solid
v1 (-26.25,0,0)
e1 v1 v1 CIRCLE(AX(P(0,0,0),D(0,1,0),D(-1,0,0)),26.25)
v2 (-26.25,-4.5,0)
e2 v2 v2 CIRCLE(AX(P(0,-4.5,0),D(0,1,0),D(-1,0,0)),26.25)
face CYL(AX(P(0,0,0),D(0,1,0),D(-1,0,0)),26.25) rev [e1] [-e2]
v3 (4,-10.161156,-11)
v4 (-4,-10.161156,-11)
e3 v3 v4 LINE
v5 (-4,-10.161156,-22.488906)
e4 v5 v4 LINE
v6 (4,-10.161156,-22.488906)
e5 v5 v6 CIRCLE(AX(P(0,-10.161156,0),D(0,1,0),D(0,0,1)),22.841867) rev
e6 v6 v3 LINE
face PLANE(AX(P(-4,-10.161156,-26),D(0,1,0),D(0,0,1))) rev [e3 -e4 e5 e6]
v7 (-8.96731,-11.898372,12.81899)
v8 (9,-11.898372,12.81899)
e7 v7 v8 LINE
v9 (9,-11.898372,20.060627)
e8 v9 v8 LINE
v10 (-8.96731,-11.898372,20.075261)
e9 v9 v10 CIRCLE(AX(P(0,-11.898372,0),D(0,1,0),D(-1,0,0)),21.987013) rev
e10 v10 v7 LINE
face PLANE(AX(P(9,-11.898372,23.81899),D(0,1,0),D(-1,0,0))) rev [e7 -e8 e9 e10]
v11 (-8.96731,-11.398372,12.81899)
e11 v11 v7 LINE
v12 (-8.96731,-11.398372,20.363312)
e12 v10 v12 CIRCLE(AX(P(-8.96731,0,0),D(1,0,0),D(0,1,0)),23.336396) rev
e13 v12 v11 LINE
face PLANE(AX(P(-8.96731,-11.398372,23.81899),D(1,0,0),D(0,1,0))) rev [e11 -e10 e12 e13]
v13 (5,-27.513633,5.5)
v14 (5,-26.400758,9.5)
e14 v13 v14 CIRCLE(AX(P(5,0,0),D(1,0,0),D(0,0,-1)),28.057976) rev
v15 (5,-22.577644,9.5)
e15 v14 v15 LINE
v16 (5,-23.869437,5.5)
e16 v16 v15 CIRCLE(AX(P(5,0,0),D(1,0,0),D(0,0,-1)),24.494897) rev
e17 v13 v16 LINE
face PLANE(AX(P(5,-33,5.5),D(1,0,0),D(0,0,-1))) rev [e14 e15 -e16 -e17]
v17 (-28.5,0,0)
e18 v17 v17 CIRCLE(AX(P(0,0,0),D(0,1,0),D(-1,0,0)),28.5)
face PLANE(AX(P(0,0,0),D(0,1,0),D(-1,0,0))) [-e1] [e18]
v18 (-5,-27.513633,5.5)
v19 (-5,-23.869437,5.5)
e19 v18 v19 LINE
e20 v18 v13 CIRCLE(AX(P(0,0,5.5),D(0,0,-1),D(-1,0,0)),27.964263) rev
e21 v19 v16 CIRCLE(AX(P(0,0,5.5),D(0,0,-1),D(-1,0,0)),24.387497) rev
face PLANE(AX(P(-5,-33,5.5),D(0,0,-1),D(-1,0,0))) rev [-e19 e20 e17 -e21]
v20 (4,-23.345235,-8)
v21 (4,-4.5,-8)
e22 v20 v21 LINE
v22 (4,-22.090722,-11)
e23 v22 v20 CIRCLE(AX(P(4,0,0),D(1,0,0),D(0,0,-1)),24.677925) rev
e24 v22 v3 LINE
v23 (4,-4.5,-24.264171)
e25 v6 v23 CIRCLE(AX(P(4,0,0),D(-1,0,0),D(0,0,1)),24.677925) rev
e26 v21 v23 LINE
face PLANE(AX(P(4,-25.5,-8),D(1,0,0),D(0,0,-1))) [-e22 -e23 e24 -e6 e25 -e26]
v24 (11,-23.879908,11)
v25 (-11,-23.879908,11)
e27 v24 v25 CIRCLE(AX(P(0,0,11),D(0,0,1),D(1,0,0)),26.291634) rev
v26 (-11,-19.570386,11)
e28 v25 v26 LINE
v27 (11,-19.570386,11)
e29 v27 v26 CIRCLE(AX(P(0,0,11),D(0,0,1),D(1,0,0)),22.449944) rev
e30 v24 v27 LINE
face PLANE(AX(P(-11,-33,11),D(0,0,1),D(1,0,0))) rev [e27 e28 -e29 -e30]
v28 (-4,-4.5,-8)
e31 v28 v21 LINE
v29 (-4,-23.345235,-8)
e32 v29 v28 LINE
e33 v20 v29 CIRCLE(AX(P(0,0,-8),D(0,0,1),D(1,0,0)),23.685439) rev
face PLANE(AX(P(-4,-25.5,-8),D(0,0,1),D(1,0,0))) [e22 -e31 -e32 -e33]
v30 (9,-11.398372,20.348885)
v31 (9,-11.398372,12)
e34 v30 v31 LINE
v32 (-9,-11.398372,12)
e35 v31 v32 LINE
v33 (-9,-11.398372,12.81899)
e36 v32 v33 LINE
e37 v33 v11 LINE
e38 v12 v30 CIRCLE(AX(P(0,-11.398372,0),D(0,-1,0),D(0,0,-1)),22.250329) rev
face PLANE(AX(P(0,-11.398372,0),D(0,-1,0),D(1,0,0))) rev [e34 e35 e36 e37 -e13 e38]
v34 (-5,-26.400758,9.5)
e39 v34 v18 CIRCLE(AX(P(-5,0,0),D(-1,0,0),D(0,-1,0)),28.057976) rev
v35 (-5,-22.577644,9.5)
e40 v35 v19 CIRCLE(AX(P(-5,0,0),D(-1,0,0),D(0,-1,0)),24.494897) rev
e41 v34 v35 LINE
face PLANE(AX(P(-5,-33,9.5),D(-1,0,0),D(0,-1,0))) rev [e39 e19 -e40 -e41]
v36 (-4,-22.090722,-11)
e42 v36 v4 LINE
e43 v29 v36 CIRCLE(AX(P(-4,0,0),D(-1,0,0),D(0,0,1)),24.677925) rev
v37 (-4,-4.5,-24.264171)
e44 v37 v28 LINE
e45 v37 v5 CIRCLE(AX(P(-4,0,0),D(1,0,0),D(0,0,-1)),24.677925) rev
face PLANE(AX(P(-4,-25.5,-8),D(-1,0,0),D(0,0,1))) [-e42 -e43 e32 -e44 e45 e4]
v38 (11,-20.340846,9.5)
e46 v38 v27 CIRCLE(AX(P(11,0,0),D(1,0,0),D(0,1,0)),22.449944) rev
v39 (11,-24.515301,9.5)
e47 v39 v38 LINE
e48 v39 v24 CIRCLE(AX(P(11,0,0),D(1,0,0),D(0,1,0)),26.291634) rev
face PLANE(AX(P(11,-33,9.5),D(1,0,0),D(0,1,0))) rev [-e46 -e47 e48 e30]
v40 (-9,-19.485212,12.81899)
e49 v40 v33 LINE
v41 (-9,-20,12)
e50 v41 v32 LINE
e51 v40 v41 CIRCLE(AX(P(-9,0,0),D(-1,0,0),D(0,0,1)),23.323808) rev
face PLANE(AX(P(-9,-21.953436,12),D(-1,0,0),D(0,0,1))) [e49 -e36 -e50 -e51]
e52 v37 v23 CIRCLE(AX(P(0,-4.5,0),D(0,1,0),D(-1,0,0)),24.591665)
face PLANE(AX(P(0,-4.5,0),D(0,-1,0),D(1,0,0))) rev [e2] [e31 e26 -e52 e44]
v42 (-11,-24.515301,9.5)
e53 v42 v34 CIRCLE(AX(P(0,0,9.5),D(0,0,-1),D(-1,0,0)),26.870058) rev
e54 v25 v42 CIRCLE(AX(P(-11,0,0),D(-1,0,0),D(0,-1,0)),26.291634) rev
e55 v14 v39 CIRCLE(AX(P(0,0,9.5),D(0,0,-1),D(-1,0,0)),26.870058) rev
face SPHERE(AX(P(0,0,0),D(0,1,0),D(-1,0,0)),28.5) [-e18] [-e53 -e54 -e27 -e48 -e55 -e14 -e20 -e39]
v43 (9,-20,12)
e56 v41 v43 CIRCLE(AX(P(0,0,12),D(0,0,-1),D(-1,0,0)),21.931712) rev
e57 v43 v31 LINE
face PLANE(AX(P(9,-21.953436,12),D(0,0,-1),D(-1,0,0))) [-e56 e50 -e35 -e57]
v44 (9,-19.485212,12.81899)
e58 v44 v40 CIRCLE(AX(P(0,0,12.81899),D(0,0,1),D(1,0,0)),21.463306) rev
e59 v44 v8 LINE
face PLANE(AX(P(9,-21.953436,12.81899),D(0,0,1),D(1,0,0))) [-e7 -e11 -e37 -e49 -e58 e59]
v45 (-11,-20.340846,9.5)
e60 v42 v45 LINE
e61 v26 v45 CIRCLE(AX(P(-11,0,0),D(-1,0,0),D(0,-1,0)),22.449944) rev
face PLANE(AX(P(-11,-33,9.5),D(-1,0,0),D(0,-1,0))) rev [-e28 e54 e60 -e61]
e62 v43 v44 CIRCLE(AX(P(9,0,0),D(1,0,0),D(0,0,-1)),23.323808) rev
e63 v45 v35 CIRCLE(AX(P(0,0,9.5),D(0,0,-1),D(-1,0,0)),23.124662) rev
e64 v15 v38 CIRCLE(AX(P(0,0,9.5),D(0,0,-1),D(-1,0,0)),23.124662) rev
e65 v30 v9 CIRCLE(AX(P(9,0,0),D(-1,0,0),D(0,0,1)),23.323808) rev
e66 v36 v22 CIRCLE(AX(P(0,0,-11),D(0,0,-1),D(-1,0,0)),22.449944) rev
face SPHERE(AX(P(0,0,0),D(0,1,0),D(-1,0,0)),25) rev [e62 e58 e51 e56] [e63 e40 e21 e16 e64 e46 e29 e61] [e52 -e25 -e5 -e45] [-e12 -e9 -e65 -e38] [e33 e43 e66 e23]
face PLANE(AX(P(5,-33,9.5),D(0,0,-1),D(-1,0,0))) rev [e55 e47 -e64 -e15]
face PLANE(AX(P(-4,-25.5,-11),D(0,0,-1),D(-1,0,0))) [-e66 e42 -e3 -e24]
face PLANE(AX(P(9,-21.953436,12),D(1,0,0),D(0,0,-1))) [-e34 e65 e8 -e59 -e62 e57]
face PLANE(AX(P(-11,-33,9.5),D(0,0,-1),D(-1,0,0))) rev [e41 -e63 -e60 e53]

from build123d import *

# Parameters (mm, degrees)
CUT_EXTRUDE1_DEPTH  = 33
BOSS_EXTRUDE2_START = -6.898371775
SKETCH3_W           = 18
SKETCH3_H           = 0.818990312
BOSS_EXTRUDE2_DEPTH = 10.555064026
SKETCH4_W           = 8
SKETCH4_H           = 3
BOSS_EXTRUDE3_DEPTH = 21
SKETCH6_W           = 8
SKETCH6_H           = 5.661156415
BOSS_EXTRUDE4_DEPTH = 15
SKETCH7_W           = 17.96730976
SKETCH7_H           = 0.5
BOSS_EXTRUDE7_DEPTH = 11


with BuildPart() as part:
    # Sketch1 → Revolve1 (revolve)
    with BuildSketch(Plane.XY):
        with BuildLine():
            Line((-26.25, 0), (-28.5, 0))
            ThreePointArc((-28.5, 0), (-20.152543264, -20.152543264), (0, -28.5))
            Line((0, -28.5), (0, -25))
            ThreePointArc((0, -25), (-16.007810594, -19.20286437), (-24.591665255, -4.5))
            Line((-24.591665255, -4.5), (-26.25, -4.5))
            Line((-26.25, -4.5), (-26.25, 0))
        make_face()
    revolve(axis=Axis((0, 0, 0), (0, -1, 0)))

    # Sketch2 → Cut-Extrude1 (cut)
    with BuildSketch(Plane(origin=(0, 0, 0), x_dir=(1, 0, 0), z_dir=(0, 1, 0))):
        Polygon((-5, -9.5), (-5, -5.5), (5, -5.5), (5, -9.5), (11, -9.5), (11, -11), (-11, -11), (-11, -9.5), align=None)
    extrude(amount=-CUT_EXTRUDE1_DEPTH, mode=Mode.SUBTRACT)

    # Sketch3 → Boss-Extrude2 (add)
    with BuildSketch(Plane(origin=(0, -4.5, 0), x_dir=(1, 0, 0), z_dir=(0, 1, 0)).offset(BOSS_EXTRUDE2_START)):
        with Locations((0, -12.409495156)):
            Rectangle(SKETCH3_W, SKETCH3_H)
    extrude(amount=-BOSS_EXTRUDE2_DEPTH)

    # Sketch4 → Boss-Extrude3 (add)
    with BuildSketch(Plane(origin=(0, -4.5, 0), x_dir=(1, 0, 0), z_dir=(0, 1, 0))):
        with Locations((0, 9.5)):
            Rectangle(SKETCH4_W, SKETCH4_H)
    extrude(amount=-BOSS_EXTRUDE3_DEPTH)

    # Sketch6 → Boss-Extrude4 (add)
    with BuildSketch(Plane(origin=(0, 0, -11), x_dir=(-1, 0, 0), z_dir=(0, 0, -1))):
        with Locations((0, -7.330578208)):
            Rectangle(SKETCH6_W, SKETCH6_H)
    extrude(amount=BOSS_EXTRUDE4_DEPTH)

    # Sketch7 → Boss-Extrude7 (add)
    with BuildSketch(Plane.XY.offset(12.818990312)):
        with Locations((0.01634512, -11.648371775)):
            Rectangle(SKETCH7_W, SKETCH7_H)
    extrude(amount=BOSS_EXTRUDE7_DEPTH)


solid = part.part
